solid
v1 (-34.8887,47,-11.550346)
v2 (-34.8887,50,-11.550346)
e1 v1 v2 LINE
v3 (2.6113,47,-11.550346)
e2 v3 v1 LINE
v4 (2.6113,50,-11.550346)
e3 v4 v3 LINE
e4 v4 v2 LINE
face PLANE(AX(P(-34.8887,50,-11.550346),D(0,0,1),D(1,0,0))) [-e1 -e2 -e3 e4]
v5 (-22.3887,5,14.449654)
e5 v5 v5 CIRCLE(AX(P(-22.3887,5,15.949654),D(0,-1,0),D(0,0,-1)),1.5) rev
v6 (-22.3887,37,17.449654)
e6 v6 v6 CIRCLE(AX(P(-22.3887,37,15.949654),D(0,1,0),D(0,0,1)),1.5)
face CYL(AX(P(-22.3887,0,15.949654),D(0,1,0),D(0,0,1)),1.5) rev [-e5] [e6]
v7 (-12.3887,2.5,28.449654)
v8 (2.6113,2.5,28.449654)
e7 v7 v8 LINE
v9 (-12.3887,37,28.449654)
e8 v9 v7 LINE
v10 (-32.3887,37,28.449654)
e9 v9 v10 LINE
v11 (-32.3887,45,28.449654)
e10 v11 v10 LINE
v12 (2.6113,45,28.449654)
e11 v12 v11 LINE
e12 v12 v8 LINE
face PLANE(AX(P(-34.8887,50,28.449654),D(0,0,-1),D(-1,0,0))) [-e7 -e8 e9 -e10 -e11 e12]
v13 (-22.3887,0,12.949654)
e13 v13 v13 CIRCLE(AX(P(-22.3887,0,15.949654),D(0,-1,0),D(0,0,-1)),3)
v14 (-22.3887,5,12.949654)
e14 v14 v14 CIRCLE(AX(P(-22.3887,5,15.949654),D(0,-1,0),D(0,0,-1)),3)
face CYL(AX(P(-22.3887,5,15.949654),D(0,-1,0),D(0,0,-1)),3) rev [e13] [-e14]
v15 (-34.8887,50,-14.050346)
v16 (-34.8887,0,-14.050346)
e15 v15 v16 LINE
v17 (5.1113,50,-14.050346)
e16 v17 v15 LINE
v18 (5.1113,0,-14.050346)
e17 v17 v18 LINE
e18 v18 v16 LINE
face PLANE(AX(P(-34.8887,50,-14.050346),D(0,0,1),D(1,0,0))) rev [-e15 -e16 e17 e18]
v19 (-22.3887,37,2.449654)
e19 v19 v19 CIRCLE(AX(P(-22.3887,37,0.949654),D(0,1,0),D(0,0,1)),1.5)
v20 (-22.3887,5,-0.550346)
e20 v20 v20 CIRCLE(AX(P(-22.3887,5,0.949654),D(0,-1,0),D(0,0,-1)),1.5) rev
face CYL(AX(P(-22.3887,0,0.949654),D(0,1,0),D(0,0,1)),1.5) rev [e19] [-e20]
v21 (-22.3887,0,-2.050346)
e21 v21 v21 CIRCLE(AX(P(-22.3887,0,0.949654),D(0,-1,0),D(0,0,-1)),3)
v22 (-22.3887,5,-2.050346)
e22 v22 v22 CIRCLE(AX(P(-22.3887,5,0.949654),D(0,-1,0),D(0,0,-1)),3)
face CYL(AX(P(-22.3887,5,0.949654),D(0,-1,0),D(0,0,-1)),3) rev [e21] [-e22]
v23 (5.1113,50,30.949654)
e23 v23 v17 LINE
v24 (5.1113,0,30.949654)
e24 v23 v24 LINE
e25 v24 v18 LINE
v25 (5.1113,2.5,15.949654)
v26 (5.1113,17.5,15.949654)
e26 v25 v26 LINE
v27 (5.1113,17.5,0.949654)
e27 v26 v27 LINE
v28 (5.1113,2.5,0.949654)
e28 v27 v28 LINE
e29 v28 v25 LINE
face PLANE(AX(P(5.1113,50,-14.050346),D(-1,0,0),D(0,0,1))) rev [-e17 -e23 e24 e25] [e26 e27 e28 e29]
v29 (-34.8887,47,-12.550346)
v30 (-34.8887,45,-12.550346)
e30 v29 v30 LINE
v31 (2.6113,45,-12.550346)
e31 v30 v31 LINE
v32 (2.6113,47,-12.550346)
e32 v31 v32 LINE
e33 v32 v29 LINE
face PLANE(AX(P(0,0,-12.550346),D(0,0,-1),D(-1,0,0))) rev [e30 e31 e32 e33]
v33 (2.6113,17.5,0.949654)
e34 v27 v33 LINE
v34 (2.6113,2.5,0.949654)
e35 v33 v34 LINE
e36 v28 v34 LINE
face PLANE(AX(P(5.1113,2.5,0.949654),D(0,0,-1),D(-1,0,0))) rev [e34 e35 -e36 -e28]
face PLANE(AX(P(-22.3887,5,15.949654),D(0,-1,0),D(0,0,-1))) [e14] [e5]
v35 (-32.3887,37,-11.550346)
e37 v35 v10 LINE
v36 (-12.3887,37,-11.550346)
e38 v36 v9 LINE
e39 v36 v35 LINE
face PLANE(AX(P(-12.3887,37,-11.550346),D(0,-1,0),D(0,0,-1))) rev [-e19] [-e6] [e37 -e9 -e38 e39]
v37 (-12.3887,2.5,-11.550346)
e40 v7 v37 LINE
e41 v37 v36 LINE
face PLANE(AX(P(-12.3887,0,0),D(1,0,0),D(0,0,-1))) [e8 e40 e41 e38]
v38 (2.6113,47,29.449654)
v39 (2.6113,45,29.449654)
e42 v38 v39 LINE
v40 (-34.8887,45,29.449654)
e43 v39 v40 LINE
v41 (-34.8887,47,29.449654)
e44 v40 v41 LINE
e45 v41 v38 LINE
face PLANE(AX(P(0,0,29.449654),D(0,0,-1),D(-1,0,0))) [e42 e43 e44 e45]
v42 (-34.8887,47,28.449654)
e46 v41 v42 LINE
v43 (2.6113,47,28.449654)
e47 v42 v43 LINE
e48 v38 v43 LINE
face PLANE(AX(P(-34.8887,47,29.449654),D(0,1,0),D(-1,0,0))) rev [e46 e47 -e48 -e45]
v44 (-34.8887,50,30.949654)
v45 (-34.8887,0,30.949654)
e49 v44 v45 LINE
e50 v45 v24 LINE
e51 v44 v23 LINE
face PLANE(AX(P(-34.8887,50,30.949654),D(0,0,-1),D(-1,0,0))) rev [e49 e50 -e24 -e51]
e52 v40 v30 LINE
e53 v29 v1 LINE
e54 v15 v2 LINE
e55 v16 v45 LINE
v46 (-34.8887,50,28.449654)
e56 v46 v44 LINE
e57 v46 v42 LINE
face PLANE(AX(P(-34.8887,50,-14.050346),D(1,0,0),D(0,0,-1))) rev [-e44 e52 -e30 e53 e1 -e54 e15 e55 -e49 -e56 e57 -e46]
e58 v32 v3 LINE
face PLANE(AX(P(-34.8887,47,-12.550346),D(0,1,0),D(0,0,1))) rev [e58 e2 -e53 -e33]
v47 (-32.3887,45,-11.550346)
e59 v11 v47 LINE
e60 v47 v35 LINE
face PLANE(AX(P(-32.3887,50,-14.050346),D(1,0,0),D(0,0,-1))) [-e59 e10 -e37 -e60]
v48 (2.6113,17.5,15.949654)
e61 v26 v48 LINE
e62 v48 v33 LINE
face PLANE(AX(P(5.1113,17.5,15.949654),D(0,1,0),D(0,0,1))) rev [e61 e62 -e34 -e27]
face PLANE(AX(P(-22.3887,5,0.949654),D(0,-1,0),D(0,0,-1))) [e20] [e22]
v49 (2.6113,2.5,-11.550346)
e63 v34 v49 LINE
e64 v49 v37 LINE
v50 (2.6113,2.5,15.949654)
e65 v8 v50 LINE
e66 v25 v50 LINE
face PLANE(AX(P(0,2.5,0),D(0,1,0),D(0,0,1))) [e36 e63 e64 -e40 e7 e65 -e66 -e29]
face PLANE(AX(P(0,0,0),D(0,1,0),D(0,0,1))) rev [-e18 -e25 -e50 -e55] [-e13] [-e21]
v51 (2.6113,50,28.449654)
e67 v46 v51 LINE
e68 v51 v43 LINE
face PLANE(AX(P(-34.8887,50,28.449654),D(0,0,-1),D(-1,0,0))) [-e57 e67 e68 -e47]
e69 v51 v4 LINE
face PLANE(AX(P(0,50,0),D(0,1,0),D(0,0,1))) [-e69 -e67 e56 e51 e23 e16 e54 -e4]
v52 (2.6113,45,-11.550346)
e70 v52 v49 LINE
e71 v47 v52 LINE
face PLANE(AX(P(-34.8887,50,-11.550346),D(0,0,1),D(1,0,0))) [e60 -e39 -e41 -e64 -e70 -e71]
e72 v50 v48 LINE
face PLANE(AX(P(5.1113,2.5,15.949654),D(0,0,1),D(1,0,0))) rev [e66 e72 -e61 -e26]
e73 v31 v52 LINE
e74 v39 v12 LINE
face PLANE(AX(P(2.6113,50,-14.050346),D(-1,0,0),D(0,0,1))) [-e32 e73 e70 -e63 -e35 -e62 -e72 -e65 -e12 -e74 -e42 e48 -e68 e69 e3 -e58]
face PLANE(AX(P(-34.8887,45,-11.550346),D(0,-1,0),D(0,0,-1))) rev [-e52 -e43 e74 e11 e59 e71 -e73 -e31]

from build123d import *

# Parameters (mm, degrees)
SKETCH1_W           = 40
SKETCH1_H           = 45
BOSS_EXTRUDE1_DEPTH = 50
SHELL1_T            = -2.5
SKETCH3_W           = 40
SKETCH3_H           = 34.5
BOSS_EXTRUDE2_DEPTH = 20
SKETCH11_W          = 40
SKETCH11_H          = 5
CUT_EXTRUDE2_DEPTH  = 2.5
SKETCH12_W          = 37.5
SKETCH12_H          = 2
CUT_EXTRUDE3_DEPTH  = 1
SKETCH13_W          = 37.5
SKETCH13_H          = 2
CUT_EXTRUDE4_DEPTH  = 1
SKETCH15_R          = 1.5
CUT_EXTRUDE7_DEPTH  = 37
SKETCH16_R          = 1.5
CUT_EXTRUDE8_DEPTH  = 37
SKETCH17_R          = 3
CUT_EXTRUDE9_DEPTH  = 5
SKETCH19_W          = 15
SKETCH19_H          = 15
CUT_EXTRUDE10_DEPTH = 2.5


with BuildPart() as part:
    # Sketch1 → Boss-Extrude1 (new body)
    with BuildSketch(Plane(origin=(0, 0, 0), x_dir=(1, 0, 0), z_dir=(0, 1, 0))):
        with Locations((-14.888700463, -8.449653636)):
            Rectangle(SKETCH1_W, SKETCH1_H)
    extrude(amount=BOSS_EXTRUDE1_DEPTH)

    # Shell1
    shell1_openings = [part.faces().sort_by_distance(p)[0] for p in [
        (-14.888700463, 50, 8.449653636),
    ]]
    offset(amount=SHELL1_T, openings=shell1_openings, kind=Kind.INTERSECTION)

    # Sketch3 → Boss-Extrude2 (add)
    with BuildSketch(Plane(origin=(-32.388700463, 0, 0), x_dir=(0, 0, -1), z_dir=(1, 0, 0))):
        with Locations((-8.449653636, 19.75)):
            Rectangle(SKETCH3_W, SKETCH3_H)
    extrude(amount=BOSS_EXTRUDE2_DEPTH)

    # Sketch11 → Cut-Extrude2 (cut)
    with BuildSketch(Plane(origin=(-32.388700463, 0, 0), x_dir=(0, 0, -1), z_dir=(1, 0, 0))):
        with Locations((-8.449653636, 47.5)):
            Rectangle(SKETCH11_W, SKETCH11_H)
    extrude(amount=-CUT_EXTRUDE2_DEPTH, mode=Mode.SUBTRACT)

    # Sketch12 → Cut-Extrude3 (cut)
    with BuildSketch(Plane.XY.offset(-11.550346364)):
        with Locations((-16.138700463, 46)):
            Rectangle(SKETCH12_W, SKETCH12_H)
    extrude(amount=-CUT_EXTRUDE3_DEPTH, mode=Mode.SUBTRACT)

    # Sketch13 → Cut-Extrude4 (cut)
    with BuildSketch(Plane(origin=(0, 0, 28.449653636), x_dir=(-1, 0, 0), z_dir=(0, 0, -1))):
        with Locations((16.138700463, 46)):
            Rectangle(SKETCH13_W, SKETCH13_H)
    extrude(amount=-CUT_EXTRUDE4_DEPTH, mode=Mode.SUBTRACT)

    # Sketch15 → Cut-Extrude7 (cut)
    with BuildSketch(Plane(origin=(0, 37, 0), x_dir=(1, 0, 0), z_dir=(0, 1, 0))):
        with Locations(Location((-22.388700463, -15.949653636, 0), (0, 0, 270))):
            Circle(SKETCH15_R)
    extrude(amount=-CUT_EXTRUDE7_DEPTH, mode=Mode.SUBTRACT)

    # Sketch16 → Cut-Extrude8 (cut)
    with BuildSketch(Plane(origin=(0, 37, 0), x_dir=(1, 0, 0), z_dir=(0, 1, 0))):
        with Locations(Location((-22.388700463, -0.949653636, 0), (0, 0, 270))):
            Circle(SKETCH16_R)
    extrude(amount=-CUT_EXTRUDE8_DEPTH, mode=Mode.SUBTRACT)

    # Sketch17 → Cut-Extrude9 (cut)
    with BuildSketch(Plane.XZ):
        with Locations(Location((-22.388700463, 15.949653636, 0), (0, 0, 270))):
            Circle(SKETCH17_R)
        with Locations(Location((-22.388700463, 0.949653636, 0), (0, 0, 270))):
            Circle(SKETCH17_R)
    extrude(amount=-CUT_EXTRUDE9_DEPTH, mode=Mode.SUBTRACT)

    # Sketch19 → Cut-Extrude10 (cut)
    with BuildSketch(Plane.ZY.offset(-2.611299537)):
        with Locations((8.449653636, 10)):
            Rectangle(SKETCH19_W, SKETCH19_H)
    extrude(amount=-CUT_EXTRUDE10_DEPTH, mode=Mode.SUBTRACT)


solid = part.part
